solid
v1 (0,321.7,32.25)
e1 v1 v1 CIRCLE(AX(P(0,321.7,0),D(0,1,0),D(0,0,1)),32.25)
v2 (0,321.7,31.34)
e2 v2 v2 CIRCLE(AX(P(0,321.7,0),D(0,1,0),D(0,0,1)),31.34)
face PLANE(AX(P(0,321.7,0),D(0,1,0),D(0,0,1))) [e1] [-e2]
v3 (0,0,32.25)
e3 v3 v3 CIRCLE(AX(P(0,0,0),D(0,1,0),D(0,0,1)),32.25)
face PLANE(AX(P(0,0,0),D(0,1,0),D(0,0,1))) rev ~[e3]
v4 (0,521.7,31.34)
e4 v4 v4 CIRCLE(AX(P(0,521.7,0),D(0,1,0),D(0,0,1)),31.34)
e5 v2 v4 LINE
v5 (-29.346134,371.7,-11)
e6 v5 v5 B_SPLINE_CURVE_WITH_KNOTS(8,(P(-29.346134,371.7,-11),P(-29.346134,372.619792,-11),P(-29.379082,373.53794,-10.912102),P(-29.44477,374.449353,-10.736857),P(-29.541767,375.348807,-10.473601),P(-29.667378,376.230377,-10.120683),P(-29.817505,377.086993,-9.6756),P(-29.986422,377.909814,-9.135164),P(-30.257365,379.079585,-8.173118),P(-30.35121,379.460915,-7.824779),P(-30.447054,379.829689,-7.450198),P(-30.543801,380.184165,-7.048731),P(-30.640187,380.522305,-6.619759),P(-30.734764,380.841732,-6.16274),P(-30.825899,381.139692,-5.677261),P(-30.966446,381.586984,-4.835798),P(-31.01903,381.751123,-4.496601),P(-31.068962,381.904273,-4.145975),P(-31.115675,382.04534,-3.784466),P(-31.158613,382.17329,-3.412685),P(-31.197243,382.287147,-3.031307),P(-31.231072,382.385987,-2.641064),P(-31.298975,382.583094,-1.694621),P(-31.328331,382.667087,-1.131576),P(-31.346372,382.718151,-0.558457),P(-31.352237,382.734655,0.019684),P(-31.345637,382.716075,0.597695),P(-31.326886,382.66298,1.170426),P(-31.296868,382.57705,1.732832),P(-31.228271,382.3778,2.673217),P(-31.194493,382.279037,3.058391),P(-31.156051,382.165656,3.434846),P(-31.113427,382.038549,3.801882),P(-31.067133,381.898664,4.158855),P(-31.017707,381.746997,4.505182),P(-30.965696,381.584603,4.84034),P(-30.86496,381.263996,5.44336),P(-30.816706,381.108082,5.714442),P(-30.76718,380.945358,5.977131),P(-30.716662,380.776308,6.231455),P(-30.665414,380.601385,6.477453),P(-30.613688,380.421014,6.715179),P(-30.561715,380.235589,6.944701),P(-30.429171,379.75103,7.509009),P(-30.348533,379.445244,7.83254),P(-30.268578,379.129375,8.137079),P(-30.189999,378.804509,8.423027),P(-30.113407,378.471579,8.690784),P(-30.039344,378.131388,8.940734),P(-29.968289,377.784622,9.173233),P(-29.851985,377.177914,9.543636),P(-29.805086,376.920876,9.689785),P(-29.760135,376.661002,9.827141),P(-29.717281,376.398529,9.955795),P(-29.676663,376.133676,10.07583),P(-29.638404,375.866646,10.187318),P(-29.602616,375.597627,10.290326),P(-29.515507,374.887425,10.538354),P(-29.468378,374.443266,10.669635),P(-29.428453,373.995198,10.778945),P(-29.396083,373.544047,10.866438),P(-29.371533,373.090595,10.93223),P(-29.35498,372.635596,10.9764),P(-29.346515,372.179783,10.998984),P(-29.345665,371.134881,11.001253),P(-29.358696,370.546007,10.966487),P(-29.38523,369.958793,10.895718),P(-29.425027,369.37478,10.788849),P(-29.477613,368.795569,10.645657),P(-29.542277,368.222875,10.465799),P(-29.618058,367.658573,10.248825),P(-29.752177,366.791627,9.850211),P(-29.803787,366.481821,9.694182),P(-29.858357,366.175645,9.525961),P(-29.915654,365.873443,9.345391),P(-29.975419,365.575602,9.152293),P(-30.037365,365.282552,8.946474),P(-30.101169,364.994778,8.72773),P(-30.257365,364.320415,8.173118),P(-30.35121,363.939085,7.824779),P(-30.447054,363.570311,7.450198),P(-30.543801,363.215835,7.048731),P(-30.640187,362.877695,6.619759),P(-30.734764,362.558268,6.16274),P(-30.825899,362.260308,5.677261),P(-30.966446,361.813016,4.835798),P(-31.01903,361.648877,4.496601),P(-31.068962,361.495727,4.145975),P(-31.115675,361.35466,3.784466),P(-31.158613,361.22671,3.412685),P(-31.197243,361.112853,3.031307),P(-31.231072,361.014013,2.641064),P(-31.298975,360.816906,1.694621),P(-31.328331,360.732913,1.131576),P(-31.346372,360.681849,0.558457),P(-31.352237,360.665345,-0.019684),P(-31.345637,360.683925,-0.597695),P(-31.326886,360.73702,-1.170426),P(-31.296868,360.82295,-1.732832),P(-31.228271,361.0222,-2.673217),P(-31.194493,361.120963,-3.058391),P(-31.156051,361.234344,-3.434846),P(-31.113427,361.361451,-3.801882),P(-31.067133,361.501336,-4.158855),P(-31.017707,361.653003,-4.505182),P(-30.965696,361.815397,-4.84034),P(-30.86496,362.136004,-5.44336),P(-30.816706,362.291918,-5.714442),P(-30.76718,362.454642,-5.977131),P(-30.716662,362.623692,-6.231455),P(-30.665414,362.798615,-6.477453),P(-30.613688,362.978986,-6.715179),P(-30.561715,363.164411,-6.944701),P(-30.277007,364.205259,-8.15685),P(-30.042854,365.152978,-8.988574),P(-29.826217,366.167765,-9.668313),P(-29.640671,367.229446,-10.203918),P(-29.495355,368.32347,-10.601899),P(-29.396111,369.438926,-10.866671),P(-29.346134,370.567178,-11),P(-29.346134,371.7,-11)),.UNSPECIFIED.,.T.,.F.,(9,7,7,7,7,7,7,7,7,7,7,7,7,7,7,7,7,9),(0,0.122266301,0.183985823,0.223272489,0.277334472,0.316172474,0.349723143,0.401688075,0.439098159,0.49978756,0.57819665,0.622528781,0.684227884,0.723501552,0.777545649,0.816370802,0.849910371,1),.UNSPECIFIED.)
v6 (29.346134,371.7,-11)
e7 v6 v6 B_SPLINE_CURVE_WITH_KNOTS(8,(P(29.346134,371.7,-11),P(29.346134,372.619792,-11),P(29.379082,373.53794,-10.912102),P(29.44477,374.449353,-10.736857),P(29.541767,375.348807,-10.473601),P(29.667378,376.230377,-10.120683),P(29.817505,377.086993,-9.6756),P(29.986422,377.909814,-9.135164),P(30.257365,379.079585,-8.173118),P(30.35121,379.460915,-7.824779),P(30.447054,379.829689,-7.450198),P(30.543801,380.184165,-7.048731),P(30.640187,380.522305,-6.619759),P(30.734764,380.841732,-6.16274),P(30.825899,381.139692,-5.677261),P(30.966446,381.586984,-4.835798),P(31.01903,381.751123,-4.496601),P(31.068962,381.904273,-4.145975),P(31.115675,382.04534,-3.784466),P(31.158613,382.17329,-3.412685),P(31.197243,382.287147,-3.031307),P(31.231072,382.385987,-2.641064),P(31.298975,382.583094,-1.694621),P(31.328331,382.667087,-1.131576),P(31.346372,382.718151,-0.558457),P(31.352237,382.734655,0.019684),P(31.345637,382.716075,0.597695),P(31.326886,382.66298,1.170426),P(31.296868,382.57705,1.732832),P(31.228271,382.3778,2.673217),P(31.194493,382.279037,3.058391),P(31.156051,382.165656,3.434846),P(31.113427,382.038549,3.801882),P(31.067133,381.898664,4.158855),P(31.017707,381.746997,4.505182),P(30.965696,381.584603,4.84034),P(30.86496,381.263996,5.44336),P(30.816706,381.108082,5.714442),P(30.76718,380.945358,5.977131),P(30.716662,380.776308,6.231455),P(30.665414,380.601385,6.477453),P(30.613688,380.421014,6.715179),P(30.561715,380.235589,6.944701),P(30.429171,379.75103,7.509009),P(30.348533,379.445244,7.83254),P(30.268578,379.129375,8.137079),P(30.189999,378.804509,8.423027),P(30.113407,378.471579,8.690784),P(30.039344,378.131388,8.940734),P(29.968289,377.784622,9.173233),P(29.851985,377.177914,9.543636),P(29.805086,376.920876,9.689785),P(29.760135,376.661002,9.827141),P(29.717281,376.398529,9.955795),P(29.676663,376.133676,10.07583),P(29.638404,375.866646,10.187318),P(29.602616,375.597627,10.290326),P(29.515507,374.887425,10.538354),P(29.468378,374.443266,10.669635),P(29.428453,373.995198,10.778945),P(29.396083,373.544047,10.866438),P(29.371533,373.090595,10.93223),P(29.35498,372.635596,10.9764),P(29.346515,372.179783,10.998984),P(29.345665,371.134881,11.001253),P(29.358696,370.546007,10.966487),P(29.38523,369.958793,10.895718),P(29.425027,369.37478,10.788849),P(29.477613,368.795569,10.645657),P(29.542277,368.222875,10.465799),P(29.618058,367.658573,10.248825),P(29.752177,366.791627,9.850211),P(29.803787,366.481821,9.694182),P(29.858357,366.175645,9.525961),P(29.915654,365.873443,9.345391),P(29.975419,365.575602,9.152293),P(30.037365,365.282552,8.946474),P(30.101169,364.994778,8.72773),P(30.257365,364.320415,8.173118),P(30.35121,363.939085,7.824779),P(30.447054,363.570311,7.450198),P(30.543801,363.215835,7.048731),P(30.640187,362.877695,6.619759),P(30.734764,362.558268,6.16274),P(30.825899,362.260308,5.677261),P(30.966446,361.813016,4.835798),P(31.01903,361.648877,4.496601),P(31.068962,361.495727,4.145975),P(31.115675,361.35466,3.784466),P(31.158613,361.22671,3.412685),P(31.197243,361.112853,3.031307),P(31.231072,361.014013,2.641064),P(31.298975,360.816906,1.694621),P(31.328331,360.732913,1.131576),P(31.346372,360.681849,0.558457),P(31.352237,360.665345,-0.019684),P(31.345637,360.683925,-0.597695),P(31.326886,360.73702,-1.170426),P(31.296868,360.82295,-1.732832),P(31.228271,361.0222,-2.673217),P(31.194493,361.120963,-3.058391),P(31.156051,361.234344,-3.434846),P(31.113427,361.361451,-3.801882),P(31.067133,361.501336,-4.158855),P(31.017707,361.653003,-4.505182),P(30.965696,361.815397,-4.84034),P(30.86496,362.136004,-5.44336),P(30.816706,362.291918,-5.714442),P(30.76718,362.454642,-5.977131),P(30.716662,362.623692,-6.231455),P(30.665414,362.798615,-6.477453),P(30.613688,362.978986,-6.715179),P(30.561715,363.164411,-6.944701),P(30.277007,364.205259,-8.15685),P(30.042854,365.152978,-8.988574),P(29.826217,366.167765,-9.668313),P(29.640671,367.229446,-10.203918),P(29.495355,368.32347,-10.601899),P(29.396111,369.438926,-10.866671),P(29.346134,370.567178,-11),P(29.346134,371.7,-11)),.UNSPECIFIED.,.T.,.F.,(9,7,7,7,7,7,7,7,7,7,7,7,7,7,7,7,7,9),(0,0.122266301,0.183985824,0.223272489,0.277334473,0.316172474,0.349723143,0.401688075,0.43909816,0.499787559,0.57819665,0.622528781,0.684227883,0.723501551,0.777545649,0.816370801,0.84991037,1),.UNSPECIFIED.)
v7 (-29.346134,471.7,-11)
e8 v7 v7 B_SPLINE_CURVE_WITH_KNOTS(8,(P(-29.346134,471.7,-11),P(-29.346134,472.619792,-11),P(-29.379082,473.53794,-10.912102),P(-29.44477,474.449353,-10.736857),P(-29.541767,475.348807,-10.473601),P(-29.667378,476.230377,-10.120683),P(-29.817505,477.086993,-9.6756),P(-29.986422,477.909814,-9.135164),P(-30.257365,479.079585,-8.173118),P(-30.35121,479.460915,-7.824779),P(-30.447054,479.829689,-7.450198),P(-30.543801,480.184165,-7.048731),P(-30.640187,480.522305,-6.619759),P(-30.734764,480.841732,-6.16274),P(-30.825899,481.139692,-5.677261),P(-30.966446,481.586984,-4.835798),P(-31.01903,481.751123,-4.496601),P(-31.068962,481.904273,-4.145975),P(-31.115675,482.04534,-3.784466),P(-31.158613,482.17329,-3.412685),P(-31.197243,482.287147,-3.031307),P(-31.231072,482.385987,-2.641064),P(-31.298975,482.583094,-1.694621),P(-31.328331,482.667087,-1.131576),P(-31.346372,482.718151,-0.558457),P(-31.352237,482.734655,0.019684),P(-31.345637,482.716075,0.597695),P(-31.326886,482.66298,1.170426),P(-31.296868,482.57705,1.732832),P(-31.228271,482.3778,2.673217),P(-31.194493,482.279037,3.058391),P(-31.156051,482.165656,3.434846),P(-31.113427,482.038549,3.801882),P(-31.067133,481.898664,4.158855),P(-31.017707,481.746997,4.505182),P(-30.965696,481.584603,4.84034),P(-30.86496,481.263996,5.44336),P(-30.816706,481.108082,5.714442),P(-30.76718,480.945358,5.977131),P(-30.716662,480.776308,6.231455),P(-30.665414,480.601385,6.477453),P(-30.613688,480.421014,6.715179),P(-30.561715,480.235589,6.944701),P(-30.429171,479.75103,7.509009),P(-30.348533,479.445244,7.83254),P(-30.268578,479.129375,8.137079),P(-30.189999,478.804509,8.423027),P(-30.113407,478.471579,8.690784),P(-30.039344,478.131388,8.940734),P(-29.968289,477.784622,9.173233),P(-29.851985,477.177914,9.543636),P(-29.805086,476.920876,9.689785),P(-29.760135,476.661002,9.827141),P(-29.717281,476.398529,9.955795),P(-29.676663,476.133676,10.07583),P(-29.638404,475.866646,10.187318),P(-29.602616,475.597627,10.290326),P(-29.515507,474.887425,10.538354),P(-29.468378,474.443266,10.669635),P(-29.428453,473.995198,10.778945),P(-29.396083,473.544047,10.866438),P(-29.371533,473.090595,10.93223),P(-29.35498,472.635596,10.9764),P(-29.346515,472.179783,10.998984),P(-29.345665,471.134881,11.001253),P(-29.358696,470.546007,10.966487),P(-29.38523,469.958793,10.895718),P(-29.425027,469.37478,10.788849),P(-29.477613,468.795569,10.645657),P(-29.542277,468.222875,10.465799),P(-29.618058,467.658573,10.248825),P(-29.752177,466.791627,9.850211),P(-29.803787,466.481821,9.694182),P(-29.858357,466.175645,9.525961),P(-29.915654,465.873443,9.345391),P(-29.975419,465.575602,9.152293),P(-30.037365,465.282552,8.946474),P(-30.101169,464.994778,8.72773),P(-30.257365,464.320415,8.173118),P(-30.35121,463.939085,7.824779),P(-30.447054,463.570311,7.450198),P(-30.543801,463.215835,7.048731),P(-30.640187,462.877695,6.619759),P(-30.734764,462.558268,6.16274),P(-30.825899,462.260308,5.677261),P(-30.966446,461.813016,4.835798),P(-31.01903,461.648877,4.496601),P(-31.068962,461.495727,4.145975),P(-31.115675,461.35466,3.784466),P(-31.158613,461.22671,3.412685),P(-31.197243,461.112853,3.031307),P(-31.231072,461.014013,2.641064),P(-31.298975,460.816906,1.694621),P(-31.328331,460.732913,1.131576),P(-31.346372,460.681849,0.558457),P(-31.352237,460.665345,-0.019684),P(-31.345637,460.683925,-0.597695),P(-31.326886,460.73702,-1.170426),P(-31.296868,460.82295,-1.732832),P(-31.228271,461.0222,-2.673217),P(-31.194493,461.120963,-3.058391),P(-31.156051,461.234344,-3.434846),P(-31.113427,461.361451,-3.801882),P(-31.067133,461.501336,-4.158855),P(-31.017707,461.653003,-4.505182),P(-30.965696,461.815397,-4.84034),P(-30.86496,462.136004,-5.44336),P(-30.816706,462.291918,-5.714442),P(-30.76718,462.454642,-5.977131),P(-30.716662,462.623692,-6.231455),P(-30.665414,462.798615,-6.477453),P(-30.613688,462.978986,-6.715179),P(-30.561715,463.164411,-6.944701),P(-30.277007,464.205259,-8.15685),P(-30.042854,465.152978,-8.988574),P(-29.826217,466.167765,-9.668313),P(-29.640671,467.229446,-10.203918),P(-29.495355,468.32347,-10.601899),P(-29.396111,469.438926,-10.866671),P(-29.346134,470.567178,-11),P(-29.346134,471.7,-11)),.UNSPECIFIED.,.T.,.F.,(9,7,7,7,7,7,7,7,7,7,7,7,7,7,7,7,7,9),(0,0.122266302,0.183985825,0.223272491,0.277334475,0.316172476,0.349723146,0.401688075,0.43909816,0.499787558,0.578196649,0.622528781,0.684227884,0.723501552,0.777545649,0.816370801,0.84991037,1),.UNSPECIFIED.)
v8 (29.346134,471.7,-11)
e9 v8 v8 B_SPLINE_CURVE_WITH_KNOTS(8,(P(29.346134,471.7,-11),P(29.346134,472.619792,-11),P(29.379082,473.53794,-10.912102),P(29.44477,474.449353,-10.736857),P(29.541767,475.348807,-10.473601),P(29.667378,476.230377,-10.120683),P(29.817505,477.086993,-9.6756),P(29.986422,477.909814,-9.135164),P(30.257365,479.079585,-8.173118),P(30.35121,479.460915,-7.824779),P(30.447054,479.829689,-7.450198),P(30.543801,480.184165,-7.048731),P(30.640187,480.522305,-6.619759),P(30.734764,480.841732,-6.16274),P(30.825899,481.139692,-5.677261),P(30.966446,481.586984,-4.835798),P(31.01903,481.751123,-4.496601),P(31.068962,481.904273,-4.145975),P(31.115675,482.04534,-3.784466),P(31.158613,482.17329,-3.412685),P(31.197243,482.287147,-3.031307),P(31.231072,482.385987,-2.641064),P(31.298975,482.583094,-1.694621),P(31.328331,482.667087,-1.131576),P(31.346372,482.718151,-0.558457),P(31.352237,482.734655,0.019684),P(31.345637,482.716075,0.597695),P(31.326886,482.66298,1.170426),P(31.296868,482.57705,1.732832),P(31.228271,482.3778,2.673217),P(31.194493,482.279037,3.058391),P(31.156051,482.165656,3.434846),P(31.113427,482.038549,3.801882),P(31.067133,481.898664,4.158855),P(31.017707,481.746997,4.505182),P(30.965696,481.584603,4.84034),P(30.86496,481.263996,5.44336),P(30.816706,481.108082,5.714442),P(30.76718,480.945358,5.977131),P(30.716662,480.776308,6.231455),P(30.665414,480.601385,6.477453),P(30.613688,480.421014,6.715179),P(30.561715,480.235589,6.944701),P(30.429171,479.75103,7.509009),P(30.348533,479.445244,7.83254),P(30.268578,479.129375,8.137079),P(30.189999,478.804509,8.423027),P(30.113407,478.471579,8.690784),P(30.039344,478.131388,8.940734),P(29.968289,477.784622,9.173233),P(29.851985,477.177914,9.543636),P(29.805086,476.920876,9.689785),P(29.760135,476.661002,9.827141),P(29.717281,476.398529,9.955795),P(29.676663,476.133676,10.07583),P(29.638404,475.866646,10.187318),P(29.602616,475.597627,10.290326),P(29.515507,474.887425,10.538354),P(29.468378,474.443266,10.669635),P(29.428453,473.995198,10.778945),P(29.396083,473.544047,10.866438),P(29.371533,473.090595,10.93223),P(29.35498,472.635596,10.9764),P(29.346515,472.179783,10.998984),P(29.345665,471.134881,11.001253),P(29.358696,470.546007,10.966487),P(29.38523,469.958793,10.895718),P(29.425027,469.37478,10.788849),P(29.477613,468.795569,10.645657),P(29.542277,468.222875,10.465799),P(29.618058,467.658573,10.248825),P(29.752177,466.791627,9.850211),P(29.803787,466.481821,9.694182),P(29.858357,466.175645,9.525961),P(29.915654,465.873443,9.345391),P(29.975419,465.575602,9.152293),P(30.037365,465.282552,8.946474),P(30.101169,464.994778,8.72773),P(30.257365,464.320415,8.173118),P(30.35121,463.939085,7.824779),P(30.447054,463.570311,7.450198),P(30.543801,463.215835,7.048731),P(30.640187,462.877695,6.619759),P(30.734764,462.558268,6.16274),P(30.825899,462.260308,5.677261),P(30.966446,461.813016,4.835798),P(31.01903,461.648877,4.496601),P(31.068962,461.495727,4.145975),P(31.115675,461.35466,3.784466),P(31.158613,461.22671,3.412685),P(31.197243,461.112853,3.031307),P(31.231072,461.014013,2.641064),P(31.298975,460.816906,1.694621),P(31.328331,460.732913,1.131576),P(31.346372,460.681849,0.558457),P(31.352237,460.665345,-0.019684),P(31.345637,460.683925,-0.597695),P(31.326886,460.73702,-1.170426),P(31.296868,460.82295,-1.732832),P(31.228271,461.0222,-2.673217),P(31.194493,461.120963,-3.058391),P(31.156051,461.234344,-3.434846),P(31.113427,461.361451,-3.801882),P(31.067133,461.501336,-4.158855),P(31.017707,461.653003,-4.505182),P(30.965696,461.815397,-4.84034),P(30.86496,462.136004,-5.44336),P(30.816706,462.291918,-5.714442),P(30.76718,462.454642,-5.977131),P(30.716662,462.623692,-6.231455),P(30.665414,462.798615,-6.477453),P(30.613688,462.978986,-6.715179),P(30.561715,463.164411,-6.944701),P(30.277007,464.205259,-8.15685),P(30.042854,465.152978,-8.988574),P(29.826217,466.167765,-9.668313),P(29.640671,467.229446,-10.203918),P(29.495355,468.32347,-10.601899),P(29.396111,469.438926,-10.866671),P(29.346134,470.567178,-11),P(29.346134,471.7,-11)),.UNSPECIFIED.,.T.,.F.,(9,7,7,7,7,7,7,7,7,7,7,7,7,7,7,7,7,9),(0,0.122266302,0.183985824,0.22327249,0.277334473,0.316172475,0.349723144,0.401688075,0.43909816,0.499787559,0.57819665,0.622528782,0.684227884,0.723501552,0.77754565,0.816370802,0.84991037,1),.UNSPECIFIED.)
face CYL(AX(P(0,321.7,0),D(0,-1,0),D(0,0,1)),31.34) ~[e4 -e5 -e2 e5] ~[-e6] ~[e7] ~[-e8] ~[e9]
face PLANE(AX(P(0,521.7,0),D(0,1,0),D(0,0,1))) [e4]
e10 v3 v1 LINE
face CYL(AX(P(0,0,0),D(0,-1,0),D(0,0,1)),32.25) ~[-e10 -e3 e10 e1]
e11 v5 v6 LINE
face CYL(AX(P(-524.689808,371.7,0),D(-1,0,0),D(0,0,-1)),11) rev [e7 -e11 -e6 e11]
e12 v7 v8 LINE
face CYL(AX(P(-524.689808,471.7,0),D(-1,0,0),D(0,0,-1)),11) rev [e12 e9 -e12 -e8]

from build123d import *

# Parameters (mm, degrees)
SKETCH1_R               = 32.25
BOSS_EXTRUDE1_DEPTH     = 321.7
SKETCH2_R               = 31.34
BOSS_EXTRUDE2_DEPTH     = 200
CUT_EXTRUDE1_DEPTH      = 524.689807997
CUT_EXTRUDE1_DEPTH_BACK = 524.689807997
SKETCH3_R               = 11


with BuildPart() as part:
    # Sketch1 → Boss-Extrude1 (new body)
    with BuildSketch(Plane(origin=(0, 0, 0), x_dir=(1, 0, 0), z_dir=(0, 1, 0))):
        with Locations(Location((0, 0, 0), (0, 0, 270))):
            Circle(SKETCH1_R)
    extrude(amount=BOSS_EXTRUDE1_DEPTH)

    # Sketch2 → Boss-Extrude2 (add)
    with BuildSketch(Plane(origin=(0, 321.7, 0), x_dir=(1, 0, 0), z_dir=(0, 1, 0))):
        with Locations(Location((0, 0, 0), (0, 0, 270))):
            Circle(SKETCH2_R)
    extrude(amount=BOSS_EXTRUDE2_DEPTH)

    # Sketch3 → Cut-Extrude1 (cut, two sides: drawn at the far end of the back side and taken through both)
    with BuildSketch(Plane(origin=(0, 0, 0), x_dir=(0, 0, -1), z_dir=(1, 0, 0)).offset(-CUT_EXTRUDE1_DEPTH_BACK)):
        with Locations((0, 471.7)):
            Circle(SKETCH3_R)
        with Locations((0, 371.7)):
            Circle(SKETCH3_R)
    extrude(amount=CUT_EXTRUDE1_DEPTH + CUT_EXTRUDE1_DEPTH_BACK, mode=Mode.SUBTRACT)


solid = part.part
